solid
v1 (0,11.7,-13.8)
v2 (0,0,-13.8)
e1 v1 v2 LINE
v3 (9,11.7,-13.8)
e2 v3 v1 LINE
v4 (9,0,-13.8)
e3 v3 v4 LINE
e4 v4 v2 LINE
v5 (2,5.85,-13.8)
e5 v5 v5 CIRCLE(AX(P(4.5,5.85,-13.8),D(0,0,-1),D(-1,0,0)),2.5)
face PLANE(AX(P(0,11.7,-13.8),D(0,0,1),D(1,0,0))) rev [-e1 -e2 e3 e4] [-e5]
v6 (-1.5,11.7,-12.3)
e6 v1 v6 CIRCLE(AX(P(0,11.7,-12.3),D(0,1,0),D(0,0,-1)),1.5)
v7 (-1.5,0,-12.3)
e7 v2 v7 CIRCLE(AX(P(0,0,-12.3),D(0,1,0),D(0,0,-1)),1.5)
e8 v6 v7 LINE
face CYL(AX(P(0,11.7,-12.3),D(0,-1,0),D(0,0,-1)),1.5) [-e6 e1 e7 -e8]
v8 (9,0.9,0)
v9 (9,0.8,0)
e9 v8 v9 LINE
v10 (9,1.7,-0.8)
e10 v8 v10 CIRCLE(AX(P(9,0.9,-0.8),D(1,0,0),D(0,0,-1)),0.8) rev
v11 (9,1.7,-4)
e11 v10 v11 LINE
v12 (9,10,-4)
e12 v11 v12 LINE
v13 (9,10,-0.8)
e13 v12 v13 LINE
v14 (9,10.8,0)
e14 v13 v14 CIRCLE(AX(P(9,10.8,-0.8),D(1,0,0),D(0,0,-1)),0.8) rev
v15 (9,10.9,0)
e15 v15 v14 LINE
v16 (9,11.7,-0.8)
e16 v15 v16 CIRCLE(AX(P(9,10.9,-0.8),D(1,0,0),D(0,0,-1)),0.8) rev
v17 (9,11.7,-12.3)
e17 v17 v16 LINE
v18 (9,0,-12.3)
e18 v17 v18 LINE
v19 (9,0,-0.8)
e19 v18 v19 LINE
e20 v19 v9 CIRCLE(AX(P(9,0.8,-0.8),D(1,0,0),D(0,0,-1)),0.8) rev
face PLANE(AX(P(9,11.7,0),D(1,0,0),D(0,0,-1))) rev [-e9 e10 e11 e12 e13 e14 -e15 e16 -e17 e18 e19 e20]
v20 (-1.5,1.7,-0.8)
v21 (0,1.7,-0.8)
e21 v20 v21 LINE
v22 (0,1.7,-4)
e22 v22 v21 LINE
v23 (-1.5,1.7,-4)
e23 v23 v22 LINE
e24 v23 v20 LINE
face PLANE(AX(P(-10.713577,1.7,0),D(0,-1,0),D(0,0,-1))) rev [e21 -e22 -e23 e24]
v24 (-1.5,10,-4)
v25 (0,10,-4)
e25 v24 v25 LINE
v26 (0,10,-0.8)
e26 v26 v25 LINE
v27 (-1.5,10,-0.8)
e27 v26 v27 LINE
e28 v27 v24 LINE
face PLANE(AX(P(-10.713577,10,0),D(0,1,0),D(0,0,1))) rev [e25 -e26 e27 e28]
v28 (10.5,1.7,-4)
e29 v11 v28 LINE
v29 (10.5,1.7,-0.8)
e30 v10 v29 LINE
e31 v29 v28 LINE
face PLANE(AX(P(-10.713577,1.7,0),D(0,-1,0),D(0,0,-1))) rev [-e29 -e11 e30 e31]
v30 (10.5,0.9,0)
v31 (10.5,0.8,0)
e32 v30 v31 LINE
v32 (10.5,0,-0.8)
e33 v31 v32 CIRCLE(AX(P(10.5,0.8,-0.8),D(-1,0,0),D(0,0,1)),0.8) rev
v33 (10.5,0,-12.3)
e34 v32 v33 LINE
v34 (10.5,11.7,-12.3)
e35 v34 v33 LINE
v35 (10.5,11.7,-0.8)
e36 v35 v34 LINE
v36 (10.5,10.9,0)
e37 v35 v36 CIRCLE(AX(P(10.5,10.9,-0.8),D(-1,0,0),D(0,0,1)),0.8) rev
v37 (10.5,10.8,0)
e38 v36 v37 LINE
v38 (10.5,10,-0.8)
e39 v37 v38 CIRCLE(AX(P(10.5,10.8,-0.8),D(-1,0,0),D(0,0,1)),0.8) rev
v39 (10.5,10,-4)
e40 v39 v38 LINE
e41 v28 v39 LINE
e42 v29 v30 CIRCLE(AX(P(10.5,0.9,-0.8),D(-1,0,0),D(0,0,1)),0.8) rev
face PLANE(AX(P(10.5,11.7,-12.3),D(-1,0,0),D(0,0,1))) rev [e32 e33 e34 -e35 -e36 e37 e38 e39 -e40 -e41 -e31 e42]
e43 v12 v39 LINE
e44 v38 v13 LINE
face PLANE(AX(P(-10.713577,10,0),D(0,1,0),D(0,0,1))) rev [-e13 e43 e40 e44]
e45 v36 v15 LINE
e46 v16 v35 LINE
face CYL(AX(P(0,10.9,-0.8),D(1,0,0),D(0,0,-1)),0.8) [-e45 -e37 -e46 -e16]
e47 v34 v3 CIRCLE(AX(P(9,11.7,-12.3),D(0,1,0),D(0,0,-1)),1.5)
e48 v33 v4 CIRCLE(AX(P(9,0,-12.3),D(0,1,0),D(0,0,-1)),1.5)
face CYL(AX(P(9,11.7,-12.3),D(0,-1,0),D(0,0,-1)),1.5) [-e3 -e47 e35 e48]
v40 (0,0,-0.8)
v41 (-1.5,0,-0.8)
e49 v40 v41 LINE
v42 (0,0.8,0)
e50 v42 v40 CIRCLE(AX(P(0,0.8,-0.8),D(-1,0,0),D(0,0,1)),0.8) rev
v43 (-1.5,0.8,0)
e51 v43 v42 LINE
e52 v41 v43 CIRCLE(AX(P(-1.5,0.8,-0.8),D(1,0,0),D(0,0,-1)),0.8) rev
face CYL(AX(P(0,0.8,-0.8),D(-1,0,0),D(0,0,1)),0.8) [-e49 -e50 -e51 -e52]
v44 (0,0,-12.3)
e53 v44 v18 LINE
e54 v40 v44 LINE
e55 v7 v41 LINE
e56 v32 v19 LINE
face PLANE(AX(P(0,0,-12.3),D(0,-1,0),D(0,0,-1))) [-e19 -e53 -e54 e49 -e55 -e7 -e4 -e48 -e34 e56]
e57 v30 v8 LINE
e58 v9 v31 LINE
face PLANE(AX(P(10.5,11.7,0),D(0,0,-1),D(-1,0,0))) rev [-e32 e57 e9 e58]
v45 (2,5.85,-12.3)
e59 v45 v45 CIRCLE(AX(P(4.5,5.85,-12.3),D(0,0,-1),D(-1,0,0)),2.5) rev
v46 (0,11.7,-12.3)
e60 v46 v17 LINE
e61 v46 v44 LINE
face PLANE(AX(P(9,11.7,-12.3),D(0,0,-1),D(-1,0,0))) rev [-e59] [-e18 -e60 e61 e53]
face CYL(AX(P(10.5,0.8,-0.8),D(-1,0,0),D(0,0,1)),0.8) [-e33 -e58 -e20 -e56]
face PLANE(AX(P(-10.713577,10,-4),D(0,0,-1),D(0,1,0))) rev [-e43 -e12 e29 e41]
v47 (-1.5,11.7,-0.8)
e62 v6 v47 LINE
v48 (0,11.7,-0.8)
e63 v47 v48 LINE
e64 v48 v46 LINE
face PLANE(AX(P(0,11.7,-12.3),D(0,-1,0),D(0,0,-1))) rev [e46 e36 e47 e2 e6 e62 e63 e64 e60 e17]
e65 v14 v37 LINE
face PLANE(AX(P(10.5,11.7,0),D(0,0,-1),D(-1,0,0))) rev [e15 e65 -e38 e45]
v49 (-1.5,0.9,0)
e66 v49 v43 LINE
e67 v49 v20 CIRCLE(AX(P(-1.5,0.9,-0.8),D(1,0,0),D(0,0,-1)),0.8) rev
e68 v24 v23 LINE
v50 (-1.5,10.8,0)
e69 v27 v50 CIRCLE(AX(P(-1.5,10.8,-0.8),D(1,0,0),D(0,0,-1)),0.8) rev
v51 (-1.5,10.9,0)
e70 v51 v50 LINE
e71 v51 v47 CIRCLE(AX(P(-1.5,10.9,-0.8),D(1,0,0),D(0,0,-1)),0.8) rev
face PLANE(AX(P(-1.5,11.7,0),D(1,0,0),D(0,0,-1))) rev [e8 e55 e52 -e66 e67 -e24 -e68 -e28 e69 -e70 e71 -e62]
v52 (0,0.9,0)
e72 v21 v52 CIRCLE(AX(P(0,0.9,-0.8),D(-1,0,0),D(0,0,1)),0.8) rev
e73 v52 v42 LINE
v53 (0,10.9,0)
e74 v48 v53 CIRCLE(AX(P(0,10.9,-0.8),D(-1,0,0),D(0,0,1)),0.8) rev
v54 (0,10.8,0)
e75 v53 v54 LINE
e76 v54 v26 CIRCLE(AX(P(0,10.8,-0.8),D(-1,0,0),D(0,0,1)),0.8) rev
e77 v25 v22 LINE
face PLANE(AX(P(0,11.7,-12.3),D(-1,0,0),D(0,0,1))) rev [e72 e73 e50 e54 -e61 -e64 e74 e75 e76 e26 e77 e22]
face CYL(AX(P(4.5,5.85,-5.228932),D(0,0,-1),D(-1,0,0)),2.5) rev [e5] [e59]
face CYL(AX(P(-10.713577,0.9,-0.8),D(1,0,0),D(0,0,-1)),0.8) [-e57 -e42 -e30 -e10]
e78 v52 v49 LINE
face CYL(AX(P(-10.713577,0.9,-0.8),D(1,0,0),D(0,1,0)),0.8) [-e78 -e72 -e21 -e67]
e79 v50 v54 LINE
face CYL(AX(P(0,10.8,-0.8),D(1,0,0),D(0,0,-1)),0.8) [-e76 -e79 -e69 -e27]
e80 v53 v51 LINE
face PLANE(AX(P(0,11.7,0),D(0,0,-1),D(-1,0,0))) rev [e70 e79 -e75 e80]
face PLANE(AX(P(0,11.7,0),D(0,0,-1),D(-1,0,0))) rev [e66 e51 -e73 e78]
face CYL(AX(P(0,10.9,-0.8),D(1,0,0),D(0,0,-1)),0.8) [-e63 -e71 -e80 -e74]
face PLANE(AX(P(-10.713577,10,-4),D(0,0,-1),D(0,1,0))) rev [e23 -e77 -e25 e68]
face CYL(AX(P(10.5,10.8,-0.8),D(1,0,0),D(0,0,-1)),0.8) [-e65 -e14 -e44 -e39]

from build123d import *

# Parameters (mm, degrees)
BOSS_EXTRUDE1_DEPTH = 11.7
CUT_EXTRUDE2_REACH  = 23.71
SKETCH2_W           = 4
SKETCH2_H           = 8.3
FILLET1_R           = 0.8
SKETCH3_R           = 2.5
CUT_EXTRUDE3_DEPTH  = 1.5


with BuildPart() as part:
    # Sketch1 → Boss-Extrude1 (new body)
    with BuildSketch(Plane(origin=(0, 0, 0), x_dir=(1, 0, 0), z_dir=(0, 1, 0))):
        with BuildLine():
            Line((0, 0), (-1.5, 0))
            Line((-1.5, 0), (-1.5, 12.3))
            ThreePointArc((-1.5, 12.3), (-1.060660172, 13.360660172), (0, 13.8))
            Line((0, 13.8), (9, 13.8))
            ThreePointArc((9, 13.8), (10.060660172, 13.360660172), (10.5, 12.3))
            Line((10.5, 12.3), (10.5, 0))
            Line((10.5, 0), (9, 0))
            Line((9, 0), (9, 12.3))
            Line((9, 12.3), (0, 12.3))
            Line((0, 12.3), (0, 0))
        make_face()
    extrude(amount=BOSS_EXTRUDE1_DEPTH)

    # Cut-Extrude2: up to this face of the body (flat: up to its plane)
    cut_extrude2_end = Plane(part.part.faces().sort_by_distance((-1.5, 5.85, -6.15))[0])
    # Sketch2 → Cut-Extrude2 (cut, up to the picked face)
    with BuildSketch(Plane(origin=(10.5, 0, 0), x_dir=(0, 0, -1), z_dir=(1, 0, 0)), mode=Mode.PRIVATE) as cut_extrude2_sk1:
        with Locations((2, 5.85)):
            Rectangle(SKETCH2_W, SKETCH2_H)
    cut_extrude2_tool1 = split(extrude(cut_extrude2_sk1.sketch, amount=-CUT_EXTRUDE2_REACH, mode=Mode.PRIVATE), bisect_by=cut_extrude2_end, keep=Keep.BOTH, mode=Mode.PRIVATE)
    add(cut_extrude2_tool1.solids().sort_by(Axis((10.5, 5.85, -2), (-1, 0, 0)))[0], mode=Mode.SUBTRACT)

    # Fillet1
    fillet1_edges = [part.edges().sort_by_distance(p)[0] for p in [
        (-0.75, 0, 0),
        (9.75, 0, 0),
        (9.75, 11.7, 0),
        (-0.75, 1.7, 0),
        (9.75, 1.7, 0),
        (-0.75, 11.7, 0),
        (-0.75, 10, 0),
        (9.75, 10, 0),
    ]]
    fillet(fillet1_edges, radius=FILLET1_R)

    # Sketch3 → Cut-Extrude3 (cut)
    with BuildSketch(Plane(origin=(0, 0, -13.8), x_dir=(-1, 0, 0), z_dir=(0, 0, -1))):
        with Locations((-4.5, 5.85)):
            Circle(SKETCH3_R)
    extrude(amount=-CUT_EXTRUDE3_DEPTH, mode=Mode.SUBTRACT)


solid = part.part
